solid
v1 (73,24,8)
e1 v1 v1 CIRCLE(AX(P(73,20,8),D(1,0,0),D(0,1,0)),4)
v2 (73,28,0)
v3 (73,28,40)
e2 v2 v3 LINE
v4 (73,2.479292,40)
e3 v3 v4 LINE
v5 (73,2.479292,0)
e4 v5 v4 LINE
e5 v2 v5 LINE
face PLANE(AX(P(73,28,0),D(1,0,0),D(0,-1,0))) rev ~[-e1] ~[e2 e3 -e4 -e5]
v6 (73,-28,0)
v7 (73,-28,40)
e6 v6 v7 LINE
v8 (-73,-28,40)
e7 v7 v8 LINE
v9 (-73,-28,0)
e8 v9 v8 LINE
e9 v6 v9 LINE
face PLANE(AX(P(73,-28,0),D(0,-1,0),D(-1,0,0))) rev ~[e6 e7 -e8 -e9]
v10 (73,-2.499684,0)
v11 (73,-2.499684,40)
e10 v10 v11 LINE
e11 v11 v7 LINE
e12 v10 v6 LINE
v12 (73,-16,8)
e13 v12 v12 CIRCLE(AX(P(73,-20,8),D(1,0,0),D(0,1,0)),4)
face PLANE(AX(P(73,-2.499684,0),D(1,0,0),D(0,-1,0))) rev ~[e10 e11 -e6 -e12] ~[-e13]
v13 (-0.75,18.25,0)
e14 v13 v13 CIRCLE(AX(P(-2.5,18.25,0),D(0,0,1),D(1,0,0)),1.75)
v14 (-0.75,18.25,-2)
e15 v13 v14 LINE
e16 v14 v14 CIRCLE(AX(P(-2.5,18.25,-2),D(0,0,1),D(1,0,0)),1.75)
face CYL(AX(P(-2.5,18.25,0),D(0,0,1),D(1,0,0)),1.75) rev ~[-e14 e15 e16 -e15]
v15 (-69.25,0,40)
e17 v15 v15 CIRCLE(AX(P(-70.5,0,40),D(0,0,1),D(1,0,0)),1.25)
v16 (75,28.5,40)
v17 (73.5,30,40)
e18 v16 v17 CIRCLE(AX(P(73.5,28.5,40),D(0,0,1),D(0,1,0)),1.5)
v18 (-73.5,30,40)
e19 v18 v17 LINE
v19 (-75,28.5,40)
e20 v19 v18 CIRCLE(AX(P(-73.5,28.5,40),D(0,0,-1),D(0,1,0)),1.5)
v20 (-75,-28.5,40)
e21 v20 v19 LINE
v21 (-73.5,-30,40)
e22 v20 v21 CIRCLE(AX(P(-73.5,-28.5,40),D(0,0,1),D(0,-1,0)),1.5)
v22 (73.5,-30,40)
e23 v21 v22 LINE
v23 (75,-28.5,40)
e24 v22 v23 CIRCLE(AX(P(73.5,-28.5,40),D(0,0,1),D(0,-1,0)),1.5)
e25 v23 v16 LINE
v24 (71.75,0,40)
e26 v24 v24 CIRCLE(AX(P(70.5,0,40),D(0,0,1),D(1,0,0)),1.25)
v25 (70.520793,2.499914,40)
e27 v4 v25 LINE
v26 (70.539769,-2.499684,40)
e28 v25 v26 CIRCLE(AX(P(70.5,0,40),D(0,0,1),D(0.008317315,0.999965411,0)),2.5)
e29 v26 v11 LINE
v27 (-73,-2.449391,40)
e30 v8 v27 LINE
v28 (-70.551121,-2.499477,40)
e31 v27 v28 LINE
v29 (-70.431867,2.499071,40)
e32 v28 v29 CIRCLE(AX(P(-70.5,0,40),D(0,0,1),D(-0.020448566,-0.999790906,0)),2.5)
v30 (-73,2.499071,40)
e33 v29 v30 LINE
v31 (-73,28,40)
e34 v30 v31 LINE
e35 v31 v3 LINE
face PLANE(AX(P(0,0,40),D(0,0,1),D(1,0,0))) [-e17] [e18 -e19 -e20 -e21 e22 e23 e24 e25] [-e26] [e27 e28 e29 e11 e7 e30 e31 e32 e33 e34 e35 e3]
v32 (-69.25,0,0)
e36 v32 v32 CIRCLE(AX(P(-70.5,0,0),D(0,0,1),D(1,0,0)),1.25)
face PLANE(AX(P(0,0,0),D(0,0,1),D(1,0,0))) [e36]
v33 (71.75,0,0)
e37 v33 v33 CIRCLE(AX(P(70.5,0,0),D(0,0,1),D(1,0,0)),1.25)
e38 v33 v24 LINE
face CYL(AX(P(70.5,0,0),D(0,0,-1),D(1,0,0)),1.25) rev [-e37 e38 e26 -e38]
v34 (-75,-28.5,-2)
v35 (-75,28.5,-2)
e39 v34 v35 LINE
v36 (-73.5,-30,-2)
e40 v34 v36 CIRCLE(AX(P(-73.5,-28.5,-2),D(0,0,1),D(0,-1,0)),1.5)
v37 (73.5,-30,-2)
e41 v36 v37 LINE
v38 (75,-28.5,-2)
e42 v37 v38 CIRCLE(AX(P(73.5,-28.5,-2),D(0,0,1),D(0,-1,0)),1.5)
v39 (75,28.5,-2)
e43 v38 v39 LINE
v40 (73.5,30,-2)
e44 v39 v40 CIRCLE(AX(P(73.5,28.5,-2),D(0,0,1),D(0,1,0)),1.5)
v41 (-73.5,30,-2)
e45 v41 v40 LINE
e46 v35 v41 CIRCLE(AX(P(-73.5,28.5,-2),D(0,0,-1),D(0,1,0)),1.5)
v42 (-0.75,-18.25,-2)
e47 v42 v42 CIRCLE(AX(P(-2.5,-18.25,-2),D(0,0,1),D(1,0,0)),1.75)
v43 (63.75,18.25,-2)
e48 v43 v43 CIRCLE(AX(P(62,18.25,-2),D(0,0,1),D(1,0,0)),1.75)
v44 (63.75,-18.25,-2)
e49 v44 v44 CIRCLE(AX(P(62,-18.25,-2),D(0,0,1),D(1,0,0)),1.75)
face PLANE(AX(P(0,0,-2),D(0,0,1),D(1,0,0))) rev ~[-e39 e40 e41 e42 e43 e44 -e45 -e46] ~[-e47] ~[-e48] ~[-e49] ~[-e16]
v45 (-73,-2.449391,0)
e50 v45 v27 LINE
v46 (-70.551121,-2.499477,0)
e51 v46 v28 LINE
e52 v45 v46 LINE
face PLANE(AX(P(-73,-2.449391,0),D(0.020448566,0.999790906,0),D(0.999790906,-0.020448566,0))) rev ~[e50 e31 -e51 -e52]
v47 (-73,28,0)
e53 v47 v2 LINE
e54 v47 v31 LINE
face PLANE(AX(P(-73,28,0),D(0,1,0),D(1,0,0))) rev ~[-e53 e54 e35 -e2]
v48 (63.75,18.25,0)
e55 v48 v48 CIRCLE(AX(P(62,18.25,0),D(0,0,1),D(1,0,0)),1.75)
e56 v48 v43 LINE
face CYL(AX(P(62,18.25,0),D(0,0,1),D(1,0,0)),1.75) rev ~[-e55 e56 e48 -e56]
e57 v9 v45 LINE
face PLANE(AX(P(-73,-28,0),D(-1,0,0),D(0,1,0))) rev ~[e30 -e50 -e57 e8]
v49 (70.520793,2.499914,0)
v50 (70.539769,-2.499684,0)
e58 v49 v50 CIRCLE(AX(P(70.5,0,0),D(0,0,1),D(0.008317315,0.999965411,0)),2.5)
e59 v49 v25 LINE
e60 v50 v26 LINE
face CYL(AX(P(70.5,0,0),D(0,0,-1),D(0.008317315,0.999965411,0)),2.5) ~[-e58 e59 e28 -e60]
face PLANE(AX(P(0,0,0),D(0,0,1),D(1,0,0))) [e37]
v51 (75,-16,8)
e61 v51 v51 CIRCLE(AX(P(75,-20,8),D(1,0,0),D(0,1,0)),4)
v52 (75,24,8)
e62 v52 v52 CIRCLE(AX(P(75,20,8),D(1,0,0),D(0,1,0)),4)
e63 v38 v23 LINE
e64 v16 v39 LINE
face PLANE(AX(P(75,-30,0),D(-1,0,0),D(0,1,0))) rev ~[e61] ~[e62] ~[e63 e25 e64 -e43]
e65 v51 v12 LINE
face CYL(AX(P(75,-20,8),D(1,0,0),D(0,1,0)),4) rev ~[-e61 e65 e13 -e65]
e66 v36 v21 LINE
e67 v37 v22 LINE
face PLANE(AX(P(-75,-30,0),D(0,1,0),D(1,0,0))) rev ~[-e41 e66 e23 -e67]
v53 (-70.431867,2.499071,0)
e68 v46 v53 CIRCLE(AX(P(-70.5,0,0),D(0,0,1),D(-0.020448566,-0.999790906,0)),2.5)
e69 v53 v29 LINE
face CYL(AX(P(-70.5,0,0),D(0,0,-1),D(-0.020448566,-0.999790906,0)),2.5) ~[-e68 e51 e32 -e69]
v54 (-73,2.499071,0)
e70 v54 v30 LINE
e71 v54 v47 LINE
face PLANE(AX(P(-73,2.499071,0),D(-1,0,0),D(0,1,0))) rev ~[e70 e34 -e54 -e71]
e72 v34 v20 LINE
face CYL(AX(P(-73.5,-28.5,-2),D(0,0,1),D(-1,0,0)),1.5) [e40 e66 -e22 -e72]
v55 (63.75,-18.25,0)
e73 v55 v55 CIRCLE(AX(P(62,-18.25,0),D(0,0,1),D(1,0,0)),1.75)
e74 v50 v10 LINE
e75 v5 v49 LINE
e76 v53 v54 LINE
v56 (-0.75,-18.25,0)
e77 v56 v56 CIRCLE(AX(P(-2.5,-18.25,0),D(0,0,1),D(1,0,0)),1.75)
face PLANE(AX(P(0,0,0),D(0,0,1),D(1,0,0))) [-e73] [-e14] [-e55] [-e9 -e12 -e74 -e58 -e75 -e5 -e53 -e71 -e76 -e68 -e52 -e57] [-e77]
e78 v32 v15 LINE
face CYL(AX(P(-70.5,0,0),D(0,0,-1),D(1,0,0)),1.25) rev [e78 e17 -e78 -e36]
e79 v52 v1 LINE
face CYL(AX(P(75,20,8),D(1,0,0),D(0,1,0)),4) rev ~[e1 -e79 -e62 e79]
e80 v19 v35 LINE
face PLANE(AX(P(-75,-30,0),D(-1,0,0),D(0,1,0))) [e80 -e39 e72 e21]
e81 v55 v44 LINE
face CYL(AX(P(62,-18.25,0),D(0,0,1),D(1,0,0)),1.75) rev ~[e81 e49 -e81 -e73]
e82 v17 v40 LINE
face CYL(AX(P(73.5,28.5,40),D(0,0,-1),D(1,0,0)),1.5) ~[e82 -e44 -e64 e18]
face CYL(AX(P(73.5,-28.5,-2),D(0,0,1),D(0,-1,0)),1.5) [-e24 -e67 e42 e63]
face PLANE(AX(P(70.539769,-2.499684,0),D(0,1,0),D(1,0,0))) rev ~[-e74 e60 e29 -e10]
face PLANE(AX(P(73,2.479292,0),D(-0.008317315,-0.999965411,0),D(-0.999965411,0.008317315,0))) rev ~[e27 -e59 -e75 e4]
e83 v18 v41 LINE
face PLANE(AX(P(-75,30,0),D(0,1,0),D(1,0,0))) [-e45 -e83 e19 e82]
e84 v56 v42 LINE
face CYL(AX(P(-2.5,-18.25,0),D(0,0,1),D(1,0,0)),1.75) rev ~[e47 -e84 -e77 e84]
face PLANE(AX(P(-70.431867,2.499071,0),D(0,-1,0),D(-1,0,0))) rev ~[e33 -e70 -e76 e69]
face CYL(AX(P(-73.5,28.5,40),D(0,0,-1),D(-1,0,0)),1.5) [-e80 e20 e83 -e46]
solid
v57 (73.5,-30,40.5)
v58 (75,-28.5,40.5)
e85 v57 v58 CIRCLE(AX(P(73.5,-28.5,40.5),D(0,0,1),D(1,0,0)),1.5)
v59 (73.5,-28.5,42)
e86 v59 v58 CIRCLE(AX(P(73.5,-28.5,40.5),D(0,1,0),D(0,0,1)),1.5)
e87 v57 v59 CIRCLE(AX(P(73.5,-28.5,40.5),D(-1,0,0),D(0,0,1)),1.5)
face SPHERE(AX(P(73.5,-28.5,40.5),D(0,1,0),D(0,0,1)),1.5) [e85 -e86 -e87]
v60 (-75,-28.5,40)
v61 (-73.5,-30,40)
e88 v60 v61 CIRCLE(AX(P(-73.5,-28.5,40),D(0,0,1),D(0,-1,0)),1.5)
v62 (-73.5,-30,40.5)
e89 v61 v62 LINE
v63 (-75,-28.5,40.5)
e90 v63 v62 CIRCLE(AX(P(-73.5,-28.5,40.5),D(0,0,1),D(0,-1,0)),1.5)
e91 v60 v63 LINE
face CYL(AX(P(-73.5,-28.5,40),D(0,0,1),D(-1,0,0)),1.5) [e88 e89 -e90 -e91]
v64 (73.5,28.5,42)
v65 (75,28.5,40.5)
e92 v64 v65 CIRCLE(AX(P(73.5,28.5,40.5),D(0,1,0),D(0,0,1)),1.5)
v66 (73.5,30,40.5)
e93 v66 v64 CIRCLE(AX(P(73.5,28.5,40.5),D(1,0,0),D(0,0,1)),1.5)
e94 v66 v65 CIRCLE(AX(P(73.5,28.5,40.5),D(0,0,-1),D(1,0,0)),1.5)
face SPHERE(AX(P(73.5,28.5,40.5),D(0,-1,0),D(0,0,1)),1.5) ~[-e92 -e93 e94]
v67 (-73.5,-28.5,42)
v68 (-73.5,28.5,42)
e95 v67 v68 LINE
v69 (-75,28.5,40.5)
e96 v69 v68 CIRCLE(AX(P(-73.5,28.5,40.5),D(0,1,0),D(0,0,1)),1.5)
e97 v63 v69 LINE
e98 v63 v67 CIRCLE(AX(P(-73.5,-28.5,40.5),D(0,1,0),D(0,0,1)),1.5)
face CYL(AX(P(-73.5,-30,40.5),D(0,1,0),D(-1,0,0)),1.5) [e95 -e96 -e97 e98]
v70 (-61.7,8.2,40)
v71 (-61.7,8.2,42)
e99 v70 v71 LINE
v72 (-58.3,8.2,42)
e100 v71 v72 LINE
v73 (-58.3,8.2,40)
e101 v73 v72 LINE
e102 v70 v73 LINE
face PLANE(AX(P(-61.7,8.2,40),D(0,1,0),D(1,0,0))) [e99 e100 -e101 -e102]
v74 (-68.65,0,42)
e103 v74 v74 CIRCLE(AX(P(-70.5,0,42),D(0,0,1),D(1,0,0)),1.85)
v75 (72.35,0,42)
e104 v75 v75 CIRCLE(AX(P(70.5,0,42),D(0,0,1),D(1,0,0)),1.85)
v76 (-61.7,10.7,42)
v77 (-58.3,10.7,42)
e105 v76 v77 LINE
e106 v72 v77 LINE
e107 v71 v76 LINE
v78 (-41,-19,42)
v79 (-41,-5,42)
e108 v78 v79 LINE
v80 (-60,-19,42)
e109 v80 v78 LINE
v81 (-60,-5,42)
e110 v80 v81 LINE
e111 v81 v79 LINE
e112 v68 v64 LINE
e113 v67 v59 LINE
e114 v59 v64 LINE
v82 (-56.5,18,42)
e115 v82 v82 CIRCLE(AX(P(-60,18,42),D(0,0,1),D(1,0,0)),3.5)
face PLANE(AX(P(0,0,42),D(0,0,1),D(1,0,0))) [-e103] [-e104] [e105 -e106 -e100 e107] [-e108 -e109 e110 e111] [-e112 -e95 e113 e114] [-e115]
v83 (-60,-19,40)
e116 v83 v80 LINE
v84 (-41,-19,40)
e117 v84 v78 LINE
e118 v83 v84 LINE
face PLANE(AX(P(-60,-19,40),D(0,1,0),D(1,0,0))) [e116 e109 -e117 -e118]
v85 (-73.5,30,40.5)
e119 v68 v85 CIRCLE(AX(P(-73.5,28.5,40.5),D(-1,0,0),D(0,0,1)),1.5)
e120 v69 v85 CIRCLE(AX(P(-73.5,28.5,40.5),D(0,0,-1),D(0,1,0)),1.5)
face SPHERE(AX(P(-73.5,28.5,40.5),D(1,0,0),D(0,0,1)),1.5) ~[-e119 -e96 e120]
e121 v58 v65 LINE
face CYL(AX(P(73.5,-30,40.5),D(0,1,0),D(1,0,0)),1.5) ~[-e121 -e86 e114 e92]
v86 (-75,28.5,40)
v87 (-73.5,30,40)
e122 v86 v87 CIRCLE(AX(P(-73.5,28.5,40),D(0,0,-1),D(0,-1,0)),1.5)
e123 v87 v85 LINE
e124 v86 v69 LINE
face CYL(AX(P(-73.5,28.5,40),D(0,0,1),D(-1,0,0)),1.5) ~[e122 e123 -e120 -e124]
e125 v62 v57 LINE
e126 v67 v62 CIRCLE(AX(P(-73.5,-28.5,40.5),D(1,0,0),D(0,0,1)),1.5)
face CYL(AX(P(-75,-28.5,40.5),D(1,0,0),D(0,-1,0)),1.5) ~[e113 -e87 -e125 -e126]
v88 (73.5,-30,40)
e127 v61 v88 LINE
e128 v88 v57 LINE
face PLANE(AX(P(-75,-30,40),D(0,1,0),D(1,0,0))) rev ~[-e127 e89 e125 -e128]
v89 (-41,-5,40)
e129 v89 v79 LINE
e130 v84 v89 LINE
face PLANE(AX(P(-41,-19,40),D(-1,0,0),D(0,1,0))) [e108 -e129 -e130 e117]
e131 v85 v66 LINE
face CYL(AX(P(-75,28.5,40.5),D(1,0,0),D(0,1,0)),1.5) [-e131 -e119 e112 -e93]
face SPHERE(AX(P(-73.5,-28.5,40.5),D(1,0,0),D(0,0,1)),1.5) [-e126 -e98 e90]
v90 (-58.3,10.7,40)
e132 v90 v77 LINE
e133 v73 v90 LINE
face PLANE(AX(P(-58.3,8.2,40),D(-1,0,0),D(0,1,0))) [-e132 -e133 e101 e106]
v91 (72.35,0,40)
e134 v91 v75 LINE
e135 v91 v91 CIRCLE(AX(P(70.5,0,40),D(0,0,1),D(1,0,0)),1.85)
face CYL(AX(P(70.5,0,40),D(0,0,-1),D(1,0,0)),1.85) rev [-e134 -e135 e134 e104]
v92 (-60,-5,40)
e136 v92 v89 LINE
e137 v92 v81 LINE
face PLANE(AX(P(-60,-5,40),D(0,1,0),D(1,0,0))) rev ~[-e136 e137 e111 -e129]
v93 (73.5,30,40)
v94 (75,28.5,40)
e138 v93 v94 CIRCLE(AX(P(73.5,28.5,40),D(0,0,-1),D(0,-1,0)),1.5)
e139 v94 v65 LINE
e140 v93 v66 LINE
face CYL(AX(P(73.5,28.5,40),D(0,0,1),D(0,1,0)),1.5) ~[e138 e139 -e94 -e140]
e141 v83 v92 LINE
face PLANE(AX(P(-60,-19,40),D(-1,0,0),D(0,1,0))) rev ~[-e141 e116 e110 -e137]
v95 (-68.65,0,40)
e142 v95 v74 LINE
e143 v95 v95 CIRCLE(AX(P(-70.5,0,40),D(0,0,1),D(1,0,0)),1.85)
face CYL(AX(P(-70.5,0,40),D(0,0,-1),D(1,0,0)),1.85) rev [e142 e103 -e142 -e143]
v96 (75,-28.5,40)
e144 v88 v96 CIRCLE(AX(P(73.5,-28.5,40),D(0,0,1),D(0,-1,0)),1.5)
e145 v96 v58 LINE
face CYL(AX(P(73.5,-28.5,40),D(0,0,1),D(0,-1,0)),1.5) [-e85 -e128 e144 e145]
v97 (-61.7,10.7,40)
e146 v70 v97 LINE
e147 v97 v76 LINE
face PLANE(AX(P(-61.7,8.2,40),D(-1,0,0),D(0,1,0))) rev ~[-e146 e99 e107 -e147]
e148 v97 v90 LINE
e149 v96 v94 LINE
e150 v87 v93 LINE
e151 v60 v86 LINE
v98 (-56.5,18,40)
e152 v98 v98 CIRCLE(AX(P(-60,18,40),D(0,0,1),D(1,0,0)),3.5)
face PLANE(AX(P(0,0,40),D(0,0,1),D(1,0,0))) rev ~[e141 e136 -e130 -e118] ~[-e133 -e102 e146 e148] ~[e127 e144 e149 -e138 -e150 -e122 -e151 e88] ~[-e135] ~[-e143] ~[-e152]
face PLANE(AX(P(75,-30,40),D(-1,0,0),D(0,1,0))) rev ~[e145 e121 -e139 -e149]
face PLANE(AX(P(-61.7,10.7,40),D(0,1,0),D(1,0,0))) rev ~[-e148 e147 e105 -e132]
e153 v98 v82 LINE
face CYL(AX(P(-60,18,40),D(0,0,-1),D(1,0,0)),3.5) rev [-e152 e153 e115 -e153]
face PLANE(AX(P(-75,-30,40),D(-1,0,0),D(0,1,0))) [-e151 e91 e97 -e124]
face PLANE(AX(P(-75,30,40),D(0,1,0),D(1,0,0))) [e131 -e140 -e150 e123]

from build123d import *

# Parameters (mm, degrees)
F0_W     = 150
F0_H     = 60
F0_R     = 1.75
F1_DEPTH = 2
F2_W     = 150
F2_H     = 60
F2_R     = 1.25
F3_DEPTH = 40
F4_W     = 150
F4_H     = 60
F4_R     = 1.85
F4_W_2   = 19
F4_H_2   = 14
F4_W_3   = 3.4
F4_H_3   = 2.5
F4_R_2   = 3.5
F5_DEPTH = 2
F6_R     = 1.5
F7_R     = 1.5
F8_R     = 4
F9_DEPTH = 3


with BuildPart() as f1:
    # F0 (on Top) → F1 (new body)
    with BuildSketch(Plane.XY):
        Rectangle(F0_W, F0_H)
        with Locations((-2.5, -18.25)):
            Circle(F0_R, mode=Mode.SUBTRACT)
        with Locations((62, -18.25)):
            Circle(F0_R, mode=Mode.SUBTRACT)
        with Locations((-2.5, 18.25)):
            Circle(F0_R, mode=Mode.SUBTRACT)
        with Locations((62, 18.25)):
            Circle(F0_R, mode=Mode.SUBTRACT)
    extrude(amount=-F1_DEPTH)

    # F2 (on Top) → F3 (join)
    with BuildSketch(Plane.XY):
        Rectangle(F2_W, F2_H)
        with Locations((-70.5, 0)):
            Circle(F2_R, mode=Mode.SUBTRACT)
        with BuildLine():
            Line((-73, 28), (73, 28))
            Line((73, 28), (73, 2.479292469))
            Line((73, 2.479292469), (70.5207932884, 2.4999135263))
            ThreePointArc((70.5207932884, 2.4999135263), (68.0000180064, -0.0094885014), (70.5397688992, -2.4996836669))
            Line((70.5397688992, -2.4996836669), (73, -2.4996836669))
            Line((73, -2.4996836669), (73, -28))
            Line((73, -28), (-73, -28))
            Line((-73, -28), (-73, -2.4493907383))
            Line((-73, -2.4493907383), (-70.551121414, -2.4994772656))
            ThreePointArc((-70.551121414, -2.4994772656), (-68.0007111858, -0.0596273679), (-70.4318673688, 2.4990714165))
            Line((-70.4318673688, 2.4990714165), (-70.5681326312, 2.4990714165))
            Line((-70.5681326312, 2.4990714165), (-73, 2.4990714165))
            Line((-73, 2.4990714165), (-73, 28))
        make_face(mode=Mode.SUBTRACT)
        with Locations((70.5, 0)):
            Circle(F2_R, mode=Mode.SUBTRACT)
    extrude(amount=F3_DEPTH)

    # F7
    f7_edges = [f1.edges().sort_by_distance(p)[0] for p in [
        (-75, -30, 19),
        (-75, 30, 19),
        (75, -30, 19),
        (75, 30, 19),
    ]]
    fillet(f7_edges, radius=F7_R)

    # F8 (on face) → F9 (cut)
    with BuildSketch(Plane.YZ.offset(75)):
        with Locations((-20, 8)):
            Circle(F8_R)
        with Locations((20, 8)):
            Circle(F8_R)
    extrude(amount=-F9_DEPTH, mode=Mode.SUBTRACT)


with BuildPart() as f5:
    # F4 (on face) → F5 (new body)
    with BuildSketch(Plane.XY.offset(40)):
        Rectangle(F4_W, F4_H)
        with Locations((-70.5, 0)):
            Circle(F4_R, mode=Mode.SUBTRACT)
        with BuildLine():
            ThreePointArc((-70.551121414, -2.4994772656), (-68.0007111858, -0.0596273679), (-70.4318673688, 2.4990714165))
            Line((-70.4318673688, 2.4990714165), (-73, 2.4990714165))
            Line((-73, 2.4990714165), (-73, 28))
            Line((-73, 28), (73, 28))
            Line((73, 28), (73, 2.479292469))
            Line((73, 2.479292469), (70.5207932884, 2.4999135263))
            ThreePointArc((70.5207932884, 2.4999135263), (68.0000180064, -0.0094885014), (70.5397688992, -2.4996836669))
            Line((70.5397688992, -2.4996836669), (73, -2.4996836669))
            Line((73, -2.4996836669), (73, -28))
            Line((73, -28), (-73, -28))
            Line((-73, -28), (-73, -2.4493907383))
            Line((-73, -2.4493907383), (-70.551121414, -2.4994772656))
        make_face(mode=Mode.SUBTRACT)
        with Locations((70.5, 0)):
            Circle(F4_R, mode=Mode.SUBTRACT)
        with BuildLine():
            Line((-73, 2.4990714165), (-70.4318673688, 2.4990714165))
            ThreePointArc((-70.4318673688, 2.4990714165), (-68.0007111858, -0.0596273679), (-70.551121414, -2.4994772656))
            Line((-70.551121414, -2.4994772656), (-73, -2.4493907383))
            Line((-73, -2.4493907383), (-73, -28))
            Line((-73, -28), (73, -28))
            Line((73, -28), (73, -2.4996836669))
            Line((73, -2.4996836669), (70.5397688992, -2.4996836669))
            ThreePointArc((70.5397688992, -2.4996836669), (68.0000180064, -0.0094885014), (70.5207932884, 2.4999135263))
            Line((70.5207932884, 2.4999135263), (73, 2.479292469))
            Line((73, 2.479292469), (73, 28))
            Line((73, 28), (-73, 28))
            Line((-73, 28), (-73, 2.4990714165))
        make_face()
        with Locations((-50.5, -12)):
            Rectangle(F4_W_2, F4_H_2, mode=Mode.SUBTRACT)
        with Locations((-60, 9.45)):
            Rectangle(F4_W_3, F4_H_3, mode=Mode.SUBTRACT)
        with Locations((-60, 18)):
            Circle(F4_R_2, mode=Mode.SUBTRACT)
    extrude(amount=F5_DEPTH)

    # F6
    f6_edges = [f5.edges().sort_by_distance(p)[0] for p in [
        (75, 0, 42),
        (0, 30, 42),
        (0, -30, 42),
        (-75, 0, 42),
        (75, 30, 41),
        (75, -30, 41),
        (-75, -30, 41),
        (-75, 30, 41),
    ]]
    fillet(f6_edges, radius=F6_R)


solid = Compound([f1.part, f5.part])
